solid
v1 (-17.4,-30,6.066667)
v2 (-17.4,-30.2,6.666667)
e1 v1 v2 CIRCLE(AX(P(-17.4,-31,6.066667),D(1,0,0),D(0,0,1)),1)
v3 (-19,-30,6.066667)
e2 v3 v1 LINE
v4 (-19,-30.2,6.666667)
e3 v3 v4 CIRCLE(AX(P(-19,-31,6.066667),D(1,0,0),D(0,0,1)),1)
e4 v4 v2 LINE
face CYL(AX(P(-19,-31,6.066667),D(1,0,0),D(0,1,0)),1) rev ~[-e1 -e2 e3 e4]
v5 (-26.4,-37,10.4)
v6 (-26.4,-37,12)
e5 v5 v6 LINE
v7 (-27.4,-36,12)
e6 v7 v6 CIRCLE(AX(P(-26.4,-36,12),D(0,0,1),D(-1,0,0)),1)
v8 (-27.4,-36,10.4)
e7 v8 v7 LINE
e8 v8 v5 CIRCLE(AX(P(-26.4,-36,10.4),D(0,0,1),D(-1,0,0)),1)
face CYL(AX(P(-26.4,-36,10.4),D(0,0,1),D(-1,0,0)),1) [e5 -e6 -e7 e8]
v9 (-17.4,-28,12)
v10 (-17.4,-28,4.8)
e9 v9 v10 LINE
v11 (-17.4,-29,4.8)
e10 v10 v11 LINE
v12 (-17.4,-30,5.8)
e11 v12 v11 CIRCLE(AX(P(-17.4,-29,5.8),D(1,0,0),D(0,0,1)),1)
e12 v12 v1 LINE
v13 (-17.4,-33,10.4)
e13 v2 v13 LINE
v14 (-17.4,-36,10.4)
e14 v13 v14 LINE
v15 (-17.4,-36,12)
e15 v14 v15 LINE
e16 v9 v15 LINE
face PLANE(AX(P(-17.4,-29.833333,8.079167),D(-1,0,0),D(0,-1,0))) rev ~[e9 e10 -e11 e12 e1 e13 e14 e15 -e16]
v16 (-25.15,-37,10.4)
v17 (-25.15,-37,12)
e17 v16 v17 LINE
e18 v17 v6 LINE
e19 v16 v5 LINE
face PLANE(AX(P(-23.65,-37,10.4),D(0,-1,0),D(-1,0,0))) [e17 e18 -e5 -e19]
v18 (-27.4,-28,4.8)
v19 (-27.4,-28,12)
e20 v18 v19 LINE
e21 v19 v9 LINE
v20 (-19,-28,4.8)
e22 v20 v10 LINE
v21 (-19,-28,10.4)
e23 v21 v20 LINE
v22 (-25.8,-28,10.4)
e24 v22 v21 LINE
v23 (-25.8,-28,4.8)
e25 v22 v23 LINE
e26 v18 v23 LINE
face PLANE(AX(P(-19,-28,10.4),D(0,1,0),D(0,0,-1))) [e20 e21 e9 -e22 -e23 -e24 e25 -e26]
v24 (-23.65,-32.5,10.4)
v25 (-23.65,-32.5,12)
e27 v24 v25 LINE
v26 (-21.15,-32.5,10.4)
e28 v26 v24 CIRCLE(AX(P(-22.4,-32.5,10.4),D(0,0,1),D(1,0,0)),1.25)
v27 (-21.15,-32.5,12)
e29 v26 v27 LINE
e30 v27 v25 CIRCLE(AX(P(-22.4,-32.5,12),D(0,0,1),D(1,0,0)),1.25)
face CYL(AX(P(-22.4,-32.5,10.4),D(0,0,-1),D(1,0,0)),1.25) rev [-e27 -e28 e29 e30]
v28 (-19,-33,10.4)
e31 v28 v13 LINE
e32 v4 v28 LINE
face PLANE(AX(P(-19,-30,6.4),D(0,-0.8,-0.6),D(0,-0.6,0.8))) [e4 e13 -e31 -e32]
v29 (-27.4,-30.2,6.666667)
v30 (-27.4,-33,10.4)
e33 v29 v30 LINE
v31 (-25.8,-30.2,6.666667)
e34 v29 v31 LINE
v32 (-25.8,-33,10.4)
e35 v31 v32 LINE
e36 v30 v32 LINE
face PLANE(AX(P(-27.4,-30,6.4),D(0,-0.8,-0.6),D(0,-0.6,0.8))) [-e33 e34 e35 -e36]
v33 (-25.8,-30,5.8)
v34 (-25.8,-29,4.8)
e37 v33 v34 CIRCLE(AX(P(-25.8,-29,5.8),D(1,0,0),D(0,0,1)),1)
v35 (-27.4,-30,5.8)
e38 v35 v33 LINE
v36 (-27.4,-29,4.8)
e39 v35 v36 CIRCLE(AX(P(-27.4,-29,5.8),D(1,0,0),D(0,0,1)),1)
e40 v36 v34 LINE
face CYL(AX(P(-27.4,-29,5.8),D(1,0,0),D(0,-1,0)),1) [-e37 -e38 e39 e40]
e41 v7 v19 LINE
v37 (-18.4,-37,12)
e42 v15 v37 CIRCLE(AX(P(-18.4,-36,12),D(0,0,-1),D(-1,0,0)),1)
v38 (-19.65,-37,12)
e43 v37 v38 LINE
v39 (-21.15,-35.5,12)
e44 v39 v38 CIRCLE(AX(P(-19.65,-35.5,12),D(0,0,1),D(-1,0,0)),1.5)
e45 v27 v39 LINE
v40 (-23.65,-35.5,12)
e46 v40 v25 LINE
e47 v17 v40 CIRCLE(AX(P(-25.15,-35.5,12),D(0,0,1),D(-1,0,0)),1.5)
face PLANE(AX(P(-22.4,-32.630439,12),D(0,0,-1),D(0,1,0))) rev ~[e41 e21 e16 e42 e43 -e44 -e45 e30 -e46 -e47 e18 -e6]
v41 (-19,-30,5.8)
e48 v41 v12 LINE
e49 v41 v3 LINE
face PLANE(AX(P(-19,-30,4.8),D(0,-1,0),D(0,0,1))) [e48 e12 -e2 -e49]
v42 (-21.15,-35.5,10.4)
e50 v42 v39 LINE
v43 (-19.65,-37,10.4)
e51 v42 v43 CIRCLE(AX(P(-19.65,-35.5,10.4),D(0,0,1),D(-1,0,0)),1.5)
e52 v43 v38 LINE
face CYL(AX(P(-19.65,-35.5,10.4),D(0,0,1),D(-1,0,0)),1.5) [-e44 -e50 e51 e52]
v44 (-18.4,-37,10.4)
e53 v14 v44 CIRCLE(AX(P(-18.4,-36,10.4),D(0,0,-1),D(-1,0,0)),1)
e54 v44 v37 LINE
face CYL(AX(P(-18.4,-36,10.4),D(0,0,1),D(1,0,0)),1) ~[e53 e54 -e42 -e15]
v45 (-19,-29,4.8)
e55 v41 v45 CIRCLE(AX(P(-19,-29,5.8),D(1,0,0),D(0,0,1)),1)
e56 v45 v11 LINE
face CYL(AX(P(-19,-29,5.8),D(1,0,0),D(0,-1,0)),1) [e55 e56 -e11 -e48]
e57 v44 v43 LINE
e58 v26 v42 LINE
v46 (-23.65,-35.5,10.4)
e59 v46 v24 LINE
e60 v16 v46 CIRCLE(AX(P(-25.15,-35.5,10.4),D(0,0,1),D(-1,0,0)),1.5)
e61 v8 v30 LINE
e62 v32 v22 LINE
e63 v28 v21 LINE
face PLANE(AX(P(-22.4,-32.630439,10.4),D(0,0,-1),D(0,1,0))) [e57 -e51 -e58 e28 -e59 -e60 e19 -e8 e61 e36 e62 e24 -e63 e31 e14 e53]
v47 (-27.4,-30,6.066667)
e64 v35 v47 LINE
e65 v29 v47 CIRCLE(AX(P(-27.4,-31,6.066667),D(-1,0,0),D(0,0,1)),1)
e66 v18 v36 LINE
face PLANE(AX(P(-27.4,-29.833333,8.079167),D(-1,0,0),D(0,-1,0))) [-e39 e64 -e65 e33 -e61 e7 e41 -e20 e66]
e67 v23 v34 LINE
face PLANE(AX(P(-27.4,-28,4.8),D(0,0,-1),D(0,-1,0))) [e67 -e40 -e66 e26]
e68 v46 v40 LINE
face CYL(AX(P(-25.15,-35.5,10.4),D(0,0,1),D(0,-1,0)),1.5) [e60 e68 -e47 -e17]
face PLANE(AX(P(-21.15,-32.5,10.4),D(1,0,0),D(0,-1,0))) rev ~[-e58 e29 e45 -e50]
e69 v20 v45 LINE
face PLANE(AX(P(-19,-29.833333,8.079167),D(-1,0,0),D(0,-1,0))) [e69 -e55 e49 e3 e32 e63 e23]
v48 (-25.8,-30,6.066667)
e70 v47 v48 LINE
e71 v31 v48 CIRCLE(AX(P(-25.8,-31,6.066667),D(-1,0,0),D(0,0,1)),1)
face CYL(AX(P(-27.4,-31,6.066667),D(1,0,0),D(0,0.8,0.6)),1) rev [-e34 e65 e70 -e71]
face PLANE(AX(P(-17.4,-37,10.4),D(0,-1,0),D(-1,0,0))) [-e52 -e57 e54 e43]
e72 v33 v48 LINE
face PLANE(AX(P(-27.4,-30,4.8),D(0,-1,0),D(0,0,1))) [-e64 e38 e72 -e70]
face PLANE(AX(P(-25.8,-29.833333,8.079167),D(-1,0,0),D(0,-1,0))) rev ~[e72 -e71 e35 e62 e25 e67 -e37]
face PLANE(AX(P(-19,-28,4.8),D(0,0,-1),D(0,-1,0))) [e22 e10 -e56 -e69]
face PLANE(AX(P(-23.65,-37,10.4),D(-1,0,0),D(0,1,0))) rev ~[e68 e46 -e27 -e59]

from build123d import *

# Parameters (mm, degrees)
PAD008_DEPTH            = 1.6
PAD009_DEPTH            = 1.6
LINEARPATTERN003_COUNT  = 2
LINEARPATTERN003_PITCH  = 8.4
FILLET012_R             = 1
FILLET013_R             = 1
FILLET014_R             = 1
FILLET015_R             = 1.5
BODY004_PLACEMENT_ANGLE = 90


with BuildPart() as part:
    # Sketch010 → Pad008 (new body)
    with BuildSketch(Plane.XY):
        with BuildLine():
            Line((-4.5, 5), (4.5, 5))
            Line((4.5, 5), (4.5, 1.25))
            Line((0, 1.25), (4.5, 1.25))
            ThreePointArc((0, 1.25), (-1.25, 0), (0, -1.25))
            Line((4.5, -1.25), (0, -1.25))
            Line((4.5, -1.25), (4.5, -5))
            Line((4.5, -5), (-4.5, -5))
            Line((-4.5, -5), (-4.5, 5))
        make_face()
    extrude(amount=PAD008_DEPTH)

    # Sketch011 (on DatumPlane) → Pad009 (join)
    with BuildSketch(Plane.XZ.offset(5)):
        Polygon((-4.5, 0), (-4.5, -5.6), (-2.5, -5.6), (-2.5, -4), (0.5, 0), align=None)
    pad009 = extrude(amount=-PAD009_DEPTH)

    # LinearPattern003: Pad009 ×2
    with Locations(*[(0, i * LINEARPATTERN003_PITCH, 0) for i in range(1, LINEARPATTERN003_COUNT)]):
        add(pad009)

    # Fillet012
    fillet012_edges = [part.edges().sort_by_distance(p)[0] for p in [
        (-2.5, -4.2, -5.6),
        (-2.5, 4.2, -5.6),
    ]]
    fillet(fillet012_edges, radius=FILLET012_R)

    # Fillet013
    fillet013_edges = [part.edges().sort_by_distance(p)[0] for p in [
        (-2.5, -4.2, -4),
        (-2.5, 4.2, -4),
    ]]
    fillet(fillet013_edges, radius=FILLET013_R)

    # Fillet014
    fillet014_edges = [part.edges().sort_by_distance(p)[0] for p in [
        (4.5, -5, 0.8),
        (4.5, 5, 0.8),
    ]]
    fillet(fillet014_edges, radius=FILLET014_R)

    # Fillet015
    fillet015_edges = [part.edges().sort_by_distance(p)[0] for p in [
        (4.5, -1.25, 0.8),
        (4.5, 1.25, 0.8),
    ]]
    fillet(fillet015_edges, radius=FILLET015_R)


with BuildPart() as part_1:
    # Body004 placement: moved
    add(part.part.moved(Location((-22.4, -32.5, 10.4))).rotate(Axis((-22.4, -32.5, 10.4), (0, 0, -1)), BODY004_PLACEMENT_ANGLE))


solid = part_1.part
